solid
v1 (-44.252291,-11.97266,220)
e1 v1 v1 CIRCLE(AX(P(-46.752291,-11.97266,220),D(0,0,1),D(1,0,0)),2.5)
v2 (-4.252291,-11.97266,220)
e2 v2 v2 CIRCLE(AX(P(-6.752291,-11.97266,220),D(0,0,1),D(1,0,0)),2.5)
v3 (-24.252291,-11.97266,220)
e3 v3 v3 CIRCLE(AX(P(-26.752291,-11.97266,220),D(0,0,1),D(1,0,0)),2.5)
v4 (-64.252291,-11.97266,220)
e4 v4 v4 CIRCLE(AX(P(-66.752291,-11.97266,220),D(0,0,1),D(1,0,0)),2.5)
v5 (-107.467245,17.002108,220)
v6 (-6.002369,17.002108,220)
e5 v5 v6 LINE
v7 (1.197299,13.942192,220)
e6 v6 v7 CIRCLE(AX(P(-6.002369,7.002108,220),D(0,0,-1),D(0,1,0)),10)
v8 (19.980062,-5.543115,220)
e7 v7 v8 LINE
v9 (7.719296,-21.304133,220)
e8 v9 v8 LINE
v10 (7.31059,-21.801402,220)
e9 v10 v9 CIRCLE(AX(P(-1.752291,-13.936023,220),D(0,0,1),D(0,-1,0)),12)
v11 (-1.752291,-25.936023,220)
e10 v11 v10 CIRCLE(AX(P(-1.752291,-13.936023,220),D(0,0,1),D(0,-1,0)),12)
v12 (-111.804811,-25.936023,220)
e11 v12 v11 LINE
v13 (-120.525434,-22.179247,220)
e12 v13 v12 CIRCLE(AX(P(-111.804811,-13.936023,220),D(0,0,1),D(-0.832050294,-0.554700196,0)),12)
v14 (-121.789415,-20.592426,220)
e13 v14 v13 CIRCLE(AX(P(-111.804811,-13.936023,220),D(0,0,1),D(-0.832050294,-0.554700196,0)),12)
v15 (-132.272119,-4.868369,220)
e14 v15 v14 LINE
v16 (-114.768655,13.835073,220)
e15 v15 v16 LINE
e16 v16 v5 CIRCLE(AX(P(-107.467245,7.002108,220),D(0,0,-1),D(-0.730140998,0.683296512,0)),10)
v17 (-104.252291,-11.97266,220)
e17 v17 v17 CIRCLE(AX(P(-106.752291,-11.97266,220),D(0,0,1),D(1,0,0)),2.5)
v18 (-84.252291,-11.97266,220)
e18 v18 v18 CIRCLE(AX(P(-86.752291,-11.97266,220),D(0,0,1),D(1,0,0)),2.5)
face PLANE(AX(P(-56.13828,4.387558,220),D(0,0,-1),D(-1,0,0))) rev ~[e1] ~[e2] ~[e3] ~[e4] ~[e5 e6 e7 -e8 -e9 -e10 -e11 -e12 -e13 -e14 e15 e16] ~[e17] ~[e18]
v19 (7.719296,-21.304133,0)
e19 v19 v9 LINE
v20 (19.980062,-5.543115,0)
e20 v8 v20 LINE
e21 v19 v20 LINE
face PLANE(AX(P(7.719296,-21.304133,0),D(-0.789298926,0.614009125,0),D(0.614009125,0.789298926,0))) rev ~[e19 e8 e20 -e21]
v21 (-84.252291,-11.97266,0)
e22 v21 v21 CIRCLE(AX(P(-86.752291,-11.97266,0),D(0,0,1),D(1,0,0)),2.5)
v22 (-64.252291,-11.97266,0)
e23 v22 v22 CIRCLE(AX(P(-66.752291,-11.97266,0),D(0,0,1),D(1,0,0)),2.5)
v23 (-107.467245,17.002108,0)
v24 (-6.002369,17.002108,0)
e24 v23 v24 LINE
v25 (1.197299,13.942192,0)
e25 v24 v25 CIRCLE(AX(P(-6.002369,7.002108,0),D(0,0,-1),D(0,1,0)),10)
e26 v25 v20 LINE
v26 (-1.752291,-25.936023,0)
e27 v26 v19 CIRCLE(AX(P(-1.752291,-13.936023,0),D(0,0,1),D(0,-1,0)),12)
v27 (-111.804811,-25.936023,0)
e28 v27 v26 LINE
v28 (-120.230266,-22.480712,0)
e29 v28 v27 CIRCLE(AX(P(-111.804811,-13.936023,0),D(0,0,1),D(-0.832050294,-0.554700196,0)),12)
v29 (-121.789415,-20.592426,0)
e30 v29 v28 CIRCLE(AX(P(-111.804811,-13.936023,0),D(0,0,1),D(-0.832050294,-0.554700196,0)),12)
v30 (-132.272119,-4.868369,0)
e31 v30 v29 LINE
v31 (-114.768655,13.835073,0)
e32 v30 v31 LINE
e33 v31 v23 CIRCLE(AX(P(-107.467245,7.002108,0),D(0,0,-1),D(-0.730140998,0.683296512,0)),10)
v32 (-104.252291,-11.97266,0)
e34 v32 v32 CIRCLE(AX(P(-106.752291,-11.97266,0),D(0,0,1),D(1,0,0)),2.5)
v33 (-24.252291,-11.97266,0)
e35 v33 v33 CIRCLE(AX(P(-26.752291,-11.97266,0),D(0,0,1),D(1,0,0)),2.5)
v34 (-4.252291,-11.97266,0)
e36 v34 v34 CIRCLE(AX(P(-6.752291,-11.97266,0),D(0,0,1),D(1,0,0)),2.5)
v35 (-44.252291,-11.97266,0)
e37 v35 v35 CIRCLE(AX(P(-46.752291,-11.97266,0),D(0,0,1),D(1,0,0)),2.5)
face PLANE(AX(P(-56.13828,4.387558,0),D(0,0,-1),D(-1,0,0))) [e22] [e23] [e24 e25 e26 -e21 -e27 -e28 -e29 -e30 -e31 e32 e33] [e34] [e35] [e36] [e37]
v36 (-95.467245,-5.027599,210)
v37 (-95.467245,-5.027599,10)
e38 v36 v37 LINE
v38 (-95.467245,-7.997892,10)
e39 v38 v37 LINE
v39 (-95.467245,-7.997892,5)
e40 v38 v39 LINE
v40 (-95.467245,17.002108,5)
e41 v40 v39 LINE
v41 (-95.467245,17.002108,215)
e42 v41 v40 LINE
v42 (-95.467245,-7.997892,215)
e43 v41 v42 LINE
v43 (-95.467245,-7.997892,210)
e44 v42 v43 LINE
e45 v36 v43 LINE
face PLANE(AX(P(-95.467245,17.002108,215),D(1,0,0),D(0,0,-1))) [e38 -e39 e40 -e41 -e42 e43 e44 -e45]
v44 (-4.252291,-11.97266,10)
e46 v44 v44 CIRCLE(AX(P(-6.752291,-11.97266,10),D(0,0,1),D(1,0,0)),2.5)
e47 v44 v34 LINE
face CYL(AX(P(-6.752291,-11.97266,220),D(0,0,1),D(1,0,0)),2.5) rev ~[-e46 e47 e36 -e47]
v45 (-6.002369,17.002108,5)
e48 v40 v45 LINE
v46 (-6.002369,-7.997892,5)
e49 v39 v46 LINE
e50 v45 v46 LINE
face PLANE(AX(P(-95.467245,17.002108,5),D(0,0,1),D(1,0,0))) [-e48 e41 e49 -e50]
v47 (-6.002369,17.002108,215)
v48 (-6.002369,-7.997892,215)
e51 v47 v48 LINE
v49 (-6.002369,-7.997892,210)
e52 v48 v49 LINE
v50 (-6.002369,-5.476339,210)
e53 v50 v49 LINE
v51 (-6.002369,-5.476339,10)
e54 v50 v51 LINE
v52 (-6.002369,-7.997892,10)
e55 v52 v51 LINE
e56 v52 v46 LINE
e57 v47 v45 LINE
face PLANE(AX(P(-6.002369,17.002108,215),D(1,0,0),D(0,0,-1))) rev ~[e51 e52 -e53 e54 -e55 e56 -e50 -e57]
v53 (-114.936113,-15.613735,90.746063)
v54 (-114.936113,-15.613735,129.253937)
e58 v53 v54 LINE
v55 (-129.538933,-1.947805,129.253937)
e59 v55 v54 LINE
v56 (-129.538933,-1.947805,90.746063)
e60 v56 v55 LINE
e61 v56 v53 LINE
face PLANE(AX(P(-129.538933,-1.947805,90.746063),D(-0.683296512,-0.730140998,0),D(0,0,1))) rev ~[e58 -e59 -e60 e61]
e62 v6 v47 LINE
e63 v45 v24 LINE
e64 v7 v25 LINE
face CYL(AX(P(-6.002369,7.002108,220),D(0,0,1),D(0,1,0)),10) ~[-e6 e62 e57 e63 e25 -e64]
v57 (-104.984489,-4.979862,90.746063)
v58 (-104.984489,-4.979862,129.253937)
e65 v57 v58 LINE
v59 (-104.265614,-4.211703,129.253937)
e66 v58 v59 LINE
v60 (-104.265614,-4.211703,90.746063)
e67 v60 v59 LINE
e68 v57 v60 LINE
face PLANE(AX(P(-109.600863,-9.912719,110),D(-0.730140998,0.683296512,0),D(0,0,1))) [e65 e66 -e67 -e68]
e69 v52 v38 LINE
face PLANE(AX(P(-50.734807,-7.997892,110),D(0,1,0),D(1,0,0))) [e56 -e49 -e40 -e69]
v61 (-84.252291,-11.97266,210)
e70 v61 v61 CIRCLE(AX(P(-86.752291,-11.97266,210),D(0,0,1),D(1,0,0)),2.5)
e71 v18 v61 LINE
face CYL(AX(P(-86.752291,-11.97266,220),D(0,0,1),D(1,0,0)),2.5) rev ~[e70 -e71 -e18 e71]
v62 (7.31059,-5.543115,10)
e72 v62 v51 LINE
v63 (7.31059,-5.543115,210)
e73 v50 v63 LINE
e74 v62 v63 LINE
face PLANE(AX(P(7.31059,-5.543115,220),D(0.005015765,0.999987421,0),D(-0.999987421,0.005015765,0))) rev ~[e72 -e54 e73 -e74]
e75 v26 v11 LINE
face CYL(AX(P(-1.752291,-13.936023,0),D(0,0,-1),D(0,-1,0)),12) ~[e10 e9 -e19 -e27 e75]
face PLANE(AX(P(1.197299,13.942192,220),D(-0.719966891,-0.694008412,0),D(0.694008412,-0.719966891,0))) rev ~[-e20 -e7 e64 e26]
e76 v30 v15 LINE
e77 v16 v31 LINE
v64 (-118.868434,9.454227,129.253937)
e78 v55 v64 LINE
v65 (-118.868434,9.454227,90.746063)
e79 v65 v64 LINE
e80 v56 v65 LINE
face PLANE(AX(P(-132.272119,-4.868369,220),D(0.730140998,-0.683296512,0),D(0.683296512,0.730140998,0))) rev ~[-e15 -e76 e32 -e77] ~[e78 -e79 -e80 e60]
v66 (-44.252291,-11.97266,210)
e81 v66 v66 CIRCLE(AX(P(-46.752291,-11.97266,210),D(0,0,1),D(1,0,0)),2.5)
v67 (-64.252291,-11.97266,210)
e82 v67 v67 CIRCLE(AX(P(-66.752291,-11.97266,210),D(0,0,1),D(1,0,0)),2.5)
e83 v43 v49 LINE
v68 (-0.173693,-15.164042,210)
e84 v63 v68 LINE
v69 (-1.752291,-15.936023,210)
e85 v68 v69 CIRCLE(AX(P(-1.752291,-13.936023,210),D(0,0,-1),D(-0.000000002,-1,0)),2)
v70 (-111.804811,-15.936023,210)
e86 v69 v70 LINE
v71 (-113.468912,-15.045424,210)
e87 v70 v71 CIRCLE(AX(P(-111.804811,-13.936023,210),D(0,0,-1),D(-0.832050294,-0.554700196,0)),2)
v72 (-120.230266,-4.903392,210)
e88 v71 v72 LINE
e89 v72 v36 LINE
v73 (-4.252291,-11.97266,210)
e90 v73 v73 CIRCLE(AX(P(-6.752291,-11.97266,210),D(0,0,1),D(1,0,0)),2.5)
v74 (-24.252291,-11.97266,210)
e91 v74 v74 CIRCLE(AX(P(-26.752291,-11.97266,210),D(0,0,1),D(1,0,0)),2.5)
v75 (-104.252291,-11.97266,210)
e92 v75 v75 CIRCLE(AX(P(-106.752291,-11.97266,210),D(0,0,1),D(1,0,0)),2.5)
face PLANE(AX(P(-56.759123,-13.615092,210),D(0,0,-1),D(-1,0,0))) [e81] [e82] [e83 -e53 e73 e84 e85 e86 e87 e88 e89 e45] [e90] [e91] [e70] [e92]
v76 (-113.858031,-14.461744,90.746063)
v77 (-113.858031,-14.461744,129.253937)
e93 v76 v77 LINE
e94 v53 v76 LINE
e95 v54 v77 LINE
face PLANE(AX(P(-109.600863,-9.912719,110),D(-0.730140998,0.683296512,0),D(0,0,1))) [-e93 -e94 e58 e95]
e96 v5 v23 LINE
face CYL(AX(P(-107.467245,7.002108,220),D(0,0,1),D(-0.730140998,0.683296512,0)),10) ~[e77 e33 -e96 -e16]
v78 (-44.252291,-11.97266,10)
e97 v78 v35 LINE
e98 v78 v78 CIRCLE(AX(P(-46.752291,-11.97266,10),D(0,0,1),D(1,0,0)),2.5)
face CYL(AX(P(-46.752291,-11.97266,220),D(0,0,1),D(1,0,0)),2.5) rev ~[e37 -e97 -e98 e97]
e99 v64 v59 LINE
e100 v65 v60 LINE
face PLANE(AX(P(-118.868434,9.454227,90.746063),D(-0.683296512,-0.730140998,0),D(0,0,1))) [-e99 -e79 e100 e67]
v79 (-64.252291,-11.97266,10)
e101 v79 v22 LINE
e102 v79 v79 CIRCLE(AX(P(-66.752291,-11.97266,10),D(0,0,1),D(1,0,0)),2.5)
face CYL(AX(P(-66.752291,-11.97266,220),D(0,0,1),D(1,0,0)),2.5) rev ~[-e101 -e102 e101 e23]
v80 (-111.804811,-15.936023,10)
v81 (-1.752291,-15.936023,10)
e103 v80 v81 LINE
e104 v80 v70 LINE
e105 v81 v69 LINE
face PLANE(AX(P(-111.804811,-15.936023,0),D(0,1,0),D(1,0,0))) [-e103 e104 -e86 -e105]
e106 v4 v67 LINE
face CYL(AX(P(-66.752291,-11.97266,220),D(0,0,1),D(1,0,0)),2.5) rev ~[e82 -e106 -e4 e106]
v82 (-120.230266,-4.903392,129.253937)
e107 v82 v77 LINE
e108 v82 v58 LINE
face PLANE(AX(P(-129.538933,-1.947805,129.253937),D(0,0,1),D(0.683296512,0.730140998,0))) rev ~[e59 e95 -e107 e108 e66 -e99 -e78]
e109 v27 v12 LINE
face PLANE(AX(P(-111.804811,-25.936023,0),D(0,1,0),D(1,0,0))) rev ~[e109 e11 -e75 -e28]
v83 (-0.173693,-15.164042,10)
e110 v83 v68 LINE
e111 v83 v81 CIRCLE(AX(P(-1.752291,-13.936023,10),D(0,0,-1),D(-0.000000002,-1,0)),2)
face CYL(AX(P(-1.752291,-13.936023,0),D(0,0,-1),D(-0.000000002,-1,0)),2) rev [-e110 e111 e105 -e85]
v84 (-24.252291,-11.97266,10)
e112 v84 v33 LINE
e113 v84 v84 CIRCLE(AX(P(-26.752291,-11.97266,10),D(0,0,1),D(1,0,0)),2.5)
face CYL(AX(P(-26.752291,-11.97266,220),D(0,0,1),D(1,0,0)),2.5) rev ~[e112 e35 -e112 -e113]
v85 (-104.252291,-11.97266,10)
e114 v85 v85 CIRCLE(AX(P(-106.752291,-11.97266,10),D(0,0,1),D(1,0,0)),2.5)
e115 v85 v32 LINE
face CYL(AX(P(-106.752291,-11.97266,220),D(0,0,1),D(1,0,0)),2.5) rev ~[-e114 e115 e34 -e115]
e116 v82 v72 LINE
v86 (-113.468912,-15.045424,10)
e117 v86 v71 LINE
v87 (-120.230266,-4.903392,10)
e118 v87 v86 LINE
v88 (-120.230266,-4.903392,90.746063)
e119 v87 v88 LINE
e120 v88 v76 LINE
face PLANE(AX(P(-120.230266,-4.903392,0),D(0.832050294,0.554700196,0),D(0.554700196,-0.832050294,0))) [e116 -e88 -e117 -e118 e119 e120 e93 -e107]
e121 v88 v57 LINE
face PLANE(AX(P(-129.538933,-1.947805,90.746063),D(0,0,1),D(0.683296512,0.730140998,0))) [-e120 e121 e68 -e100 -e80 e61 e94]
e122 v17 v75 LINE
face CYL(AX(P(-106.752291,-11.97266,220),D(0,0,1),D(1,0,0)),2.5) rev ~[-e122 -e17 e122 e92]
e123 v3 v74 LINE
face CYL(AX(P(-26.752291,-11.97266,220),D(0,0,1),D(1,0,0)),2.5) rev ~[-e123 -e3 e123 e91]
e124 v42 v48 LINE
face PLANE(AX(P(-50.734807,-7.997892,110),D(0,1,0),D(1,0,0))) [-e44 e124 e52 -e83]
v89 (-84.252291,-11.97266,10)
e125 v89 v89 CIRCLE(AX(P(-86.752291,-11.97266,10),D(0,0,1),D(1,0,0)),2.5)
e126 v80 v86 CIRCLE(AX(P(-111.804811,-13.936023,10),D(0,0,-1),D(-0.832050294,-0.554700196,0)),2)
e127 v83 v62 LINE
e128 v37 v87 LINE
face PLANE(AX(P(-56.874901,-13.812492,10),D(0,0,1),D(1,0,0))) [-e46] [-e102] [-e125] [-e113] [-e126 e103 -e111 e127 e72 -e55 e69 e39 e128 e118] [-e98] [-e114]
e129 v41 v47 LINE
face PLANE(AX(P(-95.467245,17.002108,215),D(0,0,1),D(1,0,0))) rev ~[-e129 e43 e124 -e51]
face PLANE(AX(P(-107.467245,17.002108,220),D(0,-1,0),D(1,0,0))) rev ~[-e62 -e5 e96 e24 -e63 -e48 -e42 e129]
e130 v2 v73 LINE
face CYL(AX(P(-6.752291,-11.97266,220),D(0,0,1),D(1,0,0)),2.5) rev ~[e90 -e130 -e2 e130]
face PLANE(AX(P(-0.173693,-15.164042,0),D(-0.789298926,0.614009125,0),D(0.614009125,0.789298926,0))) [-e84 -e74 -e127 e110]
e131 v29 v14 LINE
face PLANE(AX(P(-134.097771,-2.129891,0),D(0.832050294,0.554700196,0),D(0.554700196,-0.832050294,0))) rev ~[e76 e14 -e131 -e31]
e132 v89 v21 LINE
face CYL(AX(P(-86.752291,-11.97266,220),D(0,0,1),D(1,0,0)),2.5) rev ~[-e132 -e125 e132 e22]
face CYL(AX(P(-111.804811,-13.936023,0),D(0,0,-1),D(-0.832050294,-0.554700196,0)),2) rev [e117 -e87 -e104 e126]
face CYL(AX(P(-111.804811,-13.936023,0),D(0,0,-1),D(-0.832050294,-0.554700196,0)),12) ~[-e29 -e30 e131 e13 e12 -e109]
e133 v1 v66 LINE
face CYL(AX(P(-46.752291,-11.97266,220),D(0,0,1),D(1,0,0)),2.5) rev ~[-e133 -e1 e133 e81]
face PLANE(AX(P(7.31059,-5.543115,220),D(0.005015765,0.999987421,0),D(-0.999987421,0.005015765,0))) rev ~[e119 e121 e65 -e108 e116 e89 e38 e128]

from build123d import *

# Parameters (mm, degrees)
EXTRUDE_THIN1_DEPTH = 220
BOSS_EXTRUDE1_DEPTH = 10
BOSS_EXTRUDE2_DEPTH = 10
CUT_EXTRUDE1_DEPTH  = 221
SKETCH6_R           = 2.5
CUT_EXTRUDE3_DEPTH  = 221
BOSS_EXTRUDE3_DEPTH = 220
SKETCH9_W           = 89.464875501
SKETCH9_H           = 210
CUT_EXTRUDE5_DEPTH  = 25
SKETCH10_W          = 38.507874252
SKETCH10_H          = 15.616205768
CUT_EXTRUDE6_DEPTH  = 20


with BuildPart() as part:
    # Sketch1 → Extrude-Thin1 (new body)
    with BuildSketch(Plane.XY):
        with BuildLine():
            Line((-111.804811095, -25.936023273), (-1.752290831, -25.936023273))
            ThreePointArc((-1.752290831, -25.936023273), (3.519458689, -24.716035193), (7.71929628, -21.304132772))
            Line((7.71929628, -21.304132772), (21.420171512, -3.691876429))
            Line((21.420171512, -3.691876429), (8.721276915, 5.936816741))
            ThreePointArc((8.721276915, 5.936816741), (3.01180177, 8.957008398), (-3.362508592, 10))
            Line((-3.362508592, 10), (-109.847422235, 10))
            ThreePointArc((-109.847422235, 10), (-115.643105208, 9.14184053), (-120.941426159, 6.641005887))
            Line((-120.941426159, 6.641005887), (-134.097771182, -2.129890795))
            Line((-134.097771182, -2.129890795), (-121.789414627, -20.592425628))
            ThreePointArc((-121.789414627, -20.592425628), (-117.467106201, -24.516118458), (-111.804811095, -25.936023273))
        make_face()
        with BuildLine():
            Line((-111.804811095, -15.936023273), (-1.752290831, -15.936023273))
            ThreePointArc((-1.752290831, -15.936023273), (-0.873665911, -15.732691927), (-0.17369298, -15.164041523))
            Line((-0.17369298, -15.164041523), (7.310590323, -5.543114841))
            Line((7.310590323, -5.543114841), (2.679384161, -2.03159163))
            ThreePointArc((2.679384161, -2.03159163), (-0.175353411, -0.521495801), (-3.362508592, 0))
            Line((-3.362508592, 0), (-109.847422235, 0))
            ThreePointArc((-109.847422235, 0), (-112.745263722, -0.429079735), (-115.394424197, -1.679497057))
            Line((-115.394424197, -1.679497057), (-120.230266277, -4.903391776))
            Line((-120.230266277, -4.903391776), (-113.468911684, -15.045423666))
            ThreePointArc((-113.468911684, -15.045423666), (-112.748526946, -15.699372471), (-111.804811095, -15.936023273))
        make_face(mode=Mode.SUBTRACT)
    extrude(amount=EXTRUDE_THIN1_DEPTH)

    # Sketch3 → Boss-Extrude1 (add)
    with BuildSketch(Plane.XY.offset(220)):
        Polygon((-120.230266277, -4.903391776), (7.310590323, -5.543114841), (7.310590323, -21.801402169), (-120.525433927, -22.179247), align=None)
    extrude(amount=-BOSS_EXTRUDE1_DEPTH)

    # Sketch4 → Boss-Extrude2 (add)
    with BuildSketch(Plane(origin=(0, 0, 0), x_dir=(-1, 0, 0), z_dir=(0, 0, -1))):
        Polygon((-7.310590323, -5.543114841), (120.230266277, -4.903391776), (120.230266277, -22.480711973), (-5.288915881, -22.480711973), (-7.235397459, -20.534230396), align=None)
    extrude(amount=-BOSS_EXTRUDE2_DEPTH)

    # Sketch5 → Cut-Extrude1 (cut, through all)
    with BuildSketch(Plane(origin=(0, 0, 0), x_dir=(-1, 0, 0), z_dir=(0, 0, -1))):
        Polygon((-7.310590323, -5.543114841), (-30.090389748, -5.543114841), (-30.090389748, 22.160064079), (140.461111039, 22.160064079), (140.461111039, -4.844552144), (120.230266277, -4.903391776), align=None)
    extrude(amount=-CUT_EXTRUDE1_DEPTH, mode=Mode.SUBTRACT)

    # Sketch6 → Cut-Extrude3 (cut, through all)
    with BuildSketch(Plane.XY.offset(220)):
        with Locations((-106.752290831, -11.972659606)):
            Circle(SKETCH6_R)
        with Locations((-6.752290831, -11.972659606)):
            Circle(SKETCH6_R)
        with Locations((-86.752290831, -11.972659606)):
            Circle(SKETCH6_R)
        with Locations((-66.752290831, -11.972659606)):
            Circle(SKETCH6_R)
        with Locations((-46.752290831, -11.972659606)):
            Circle(SKETCH6_R)
        with Locations((-26.752290831, -11.972659606)):
            Circle(SKETCH6_R)
    extrude(amount=-CUT_EXTRUDE3_DEPTH, mode=Mode.SUBTRACT)

    # Sketch8 → Boss-Extrude3 (add)
    with BuildSketch(Plane.XY.offset(220)):
        with BuildLine():
            Line((-107.467244942, 17.002107807), (-6.002369441, 17.002107807))
            ThreePointArc((-6.002369441, 17.002107807), (-2.090901759, 16.205390949), (1.197299473, 13.942191923))
            Line((1.197299473, 13.942191923), (19.98006151, -5.543114841))
            Line((19.98006151, -5.543114841), (7.310590323, -5.543114841))
            Line((7.310590323, -5.543114841), (-120.230266277, -4.903391776))
            Line((-120.230266277, -4.903391776), (-132.272118974, -4.868369107))
            Line((-132.272118974, -4.868369107), (-114.768654919, 13.835072929))
            ThreePointArc((-114.768654919, 13.835072929), (-111.446588404, 16.176246765), (-107.467244942, 17.002107807))
        make_face()
    extrude(amount=-BOSS_EXTRUDE3_DEPTH)

    # Sketch9 → Cut-Extrude5 (cut)
    with BuildSketch(Plane(origin=(0, 17.002107807, 0), x_dir=(1, 0, 0), z_dir=(0, 1, 0))):
        with Locations((-50.734807192, -110)):
            Rectangle(SKETCH9_W, SKETCH9_H)
    extrude(amount=-CUT_EXTRUDE5_DEPTH, mode=Mode.SUBTRACT)

    # Sketch10 → Cut-Extrude6 (cut)
    with BuildSketch(Plane(origin=(-68.086200957, 63.717917206, 0), x_dir=(0, 0, 1), z_dir=(-0.730140998, 0.683296512, 0))):
        with Locations((110, -82.127570542)):
            Rectangle(SKETCH10_W, SKETCH10_H)
    extrude(amount=-CUT_EXTRUDE6_DEPTH, mode=Mode.SUBTRACT)


solid = part.part
